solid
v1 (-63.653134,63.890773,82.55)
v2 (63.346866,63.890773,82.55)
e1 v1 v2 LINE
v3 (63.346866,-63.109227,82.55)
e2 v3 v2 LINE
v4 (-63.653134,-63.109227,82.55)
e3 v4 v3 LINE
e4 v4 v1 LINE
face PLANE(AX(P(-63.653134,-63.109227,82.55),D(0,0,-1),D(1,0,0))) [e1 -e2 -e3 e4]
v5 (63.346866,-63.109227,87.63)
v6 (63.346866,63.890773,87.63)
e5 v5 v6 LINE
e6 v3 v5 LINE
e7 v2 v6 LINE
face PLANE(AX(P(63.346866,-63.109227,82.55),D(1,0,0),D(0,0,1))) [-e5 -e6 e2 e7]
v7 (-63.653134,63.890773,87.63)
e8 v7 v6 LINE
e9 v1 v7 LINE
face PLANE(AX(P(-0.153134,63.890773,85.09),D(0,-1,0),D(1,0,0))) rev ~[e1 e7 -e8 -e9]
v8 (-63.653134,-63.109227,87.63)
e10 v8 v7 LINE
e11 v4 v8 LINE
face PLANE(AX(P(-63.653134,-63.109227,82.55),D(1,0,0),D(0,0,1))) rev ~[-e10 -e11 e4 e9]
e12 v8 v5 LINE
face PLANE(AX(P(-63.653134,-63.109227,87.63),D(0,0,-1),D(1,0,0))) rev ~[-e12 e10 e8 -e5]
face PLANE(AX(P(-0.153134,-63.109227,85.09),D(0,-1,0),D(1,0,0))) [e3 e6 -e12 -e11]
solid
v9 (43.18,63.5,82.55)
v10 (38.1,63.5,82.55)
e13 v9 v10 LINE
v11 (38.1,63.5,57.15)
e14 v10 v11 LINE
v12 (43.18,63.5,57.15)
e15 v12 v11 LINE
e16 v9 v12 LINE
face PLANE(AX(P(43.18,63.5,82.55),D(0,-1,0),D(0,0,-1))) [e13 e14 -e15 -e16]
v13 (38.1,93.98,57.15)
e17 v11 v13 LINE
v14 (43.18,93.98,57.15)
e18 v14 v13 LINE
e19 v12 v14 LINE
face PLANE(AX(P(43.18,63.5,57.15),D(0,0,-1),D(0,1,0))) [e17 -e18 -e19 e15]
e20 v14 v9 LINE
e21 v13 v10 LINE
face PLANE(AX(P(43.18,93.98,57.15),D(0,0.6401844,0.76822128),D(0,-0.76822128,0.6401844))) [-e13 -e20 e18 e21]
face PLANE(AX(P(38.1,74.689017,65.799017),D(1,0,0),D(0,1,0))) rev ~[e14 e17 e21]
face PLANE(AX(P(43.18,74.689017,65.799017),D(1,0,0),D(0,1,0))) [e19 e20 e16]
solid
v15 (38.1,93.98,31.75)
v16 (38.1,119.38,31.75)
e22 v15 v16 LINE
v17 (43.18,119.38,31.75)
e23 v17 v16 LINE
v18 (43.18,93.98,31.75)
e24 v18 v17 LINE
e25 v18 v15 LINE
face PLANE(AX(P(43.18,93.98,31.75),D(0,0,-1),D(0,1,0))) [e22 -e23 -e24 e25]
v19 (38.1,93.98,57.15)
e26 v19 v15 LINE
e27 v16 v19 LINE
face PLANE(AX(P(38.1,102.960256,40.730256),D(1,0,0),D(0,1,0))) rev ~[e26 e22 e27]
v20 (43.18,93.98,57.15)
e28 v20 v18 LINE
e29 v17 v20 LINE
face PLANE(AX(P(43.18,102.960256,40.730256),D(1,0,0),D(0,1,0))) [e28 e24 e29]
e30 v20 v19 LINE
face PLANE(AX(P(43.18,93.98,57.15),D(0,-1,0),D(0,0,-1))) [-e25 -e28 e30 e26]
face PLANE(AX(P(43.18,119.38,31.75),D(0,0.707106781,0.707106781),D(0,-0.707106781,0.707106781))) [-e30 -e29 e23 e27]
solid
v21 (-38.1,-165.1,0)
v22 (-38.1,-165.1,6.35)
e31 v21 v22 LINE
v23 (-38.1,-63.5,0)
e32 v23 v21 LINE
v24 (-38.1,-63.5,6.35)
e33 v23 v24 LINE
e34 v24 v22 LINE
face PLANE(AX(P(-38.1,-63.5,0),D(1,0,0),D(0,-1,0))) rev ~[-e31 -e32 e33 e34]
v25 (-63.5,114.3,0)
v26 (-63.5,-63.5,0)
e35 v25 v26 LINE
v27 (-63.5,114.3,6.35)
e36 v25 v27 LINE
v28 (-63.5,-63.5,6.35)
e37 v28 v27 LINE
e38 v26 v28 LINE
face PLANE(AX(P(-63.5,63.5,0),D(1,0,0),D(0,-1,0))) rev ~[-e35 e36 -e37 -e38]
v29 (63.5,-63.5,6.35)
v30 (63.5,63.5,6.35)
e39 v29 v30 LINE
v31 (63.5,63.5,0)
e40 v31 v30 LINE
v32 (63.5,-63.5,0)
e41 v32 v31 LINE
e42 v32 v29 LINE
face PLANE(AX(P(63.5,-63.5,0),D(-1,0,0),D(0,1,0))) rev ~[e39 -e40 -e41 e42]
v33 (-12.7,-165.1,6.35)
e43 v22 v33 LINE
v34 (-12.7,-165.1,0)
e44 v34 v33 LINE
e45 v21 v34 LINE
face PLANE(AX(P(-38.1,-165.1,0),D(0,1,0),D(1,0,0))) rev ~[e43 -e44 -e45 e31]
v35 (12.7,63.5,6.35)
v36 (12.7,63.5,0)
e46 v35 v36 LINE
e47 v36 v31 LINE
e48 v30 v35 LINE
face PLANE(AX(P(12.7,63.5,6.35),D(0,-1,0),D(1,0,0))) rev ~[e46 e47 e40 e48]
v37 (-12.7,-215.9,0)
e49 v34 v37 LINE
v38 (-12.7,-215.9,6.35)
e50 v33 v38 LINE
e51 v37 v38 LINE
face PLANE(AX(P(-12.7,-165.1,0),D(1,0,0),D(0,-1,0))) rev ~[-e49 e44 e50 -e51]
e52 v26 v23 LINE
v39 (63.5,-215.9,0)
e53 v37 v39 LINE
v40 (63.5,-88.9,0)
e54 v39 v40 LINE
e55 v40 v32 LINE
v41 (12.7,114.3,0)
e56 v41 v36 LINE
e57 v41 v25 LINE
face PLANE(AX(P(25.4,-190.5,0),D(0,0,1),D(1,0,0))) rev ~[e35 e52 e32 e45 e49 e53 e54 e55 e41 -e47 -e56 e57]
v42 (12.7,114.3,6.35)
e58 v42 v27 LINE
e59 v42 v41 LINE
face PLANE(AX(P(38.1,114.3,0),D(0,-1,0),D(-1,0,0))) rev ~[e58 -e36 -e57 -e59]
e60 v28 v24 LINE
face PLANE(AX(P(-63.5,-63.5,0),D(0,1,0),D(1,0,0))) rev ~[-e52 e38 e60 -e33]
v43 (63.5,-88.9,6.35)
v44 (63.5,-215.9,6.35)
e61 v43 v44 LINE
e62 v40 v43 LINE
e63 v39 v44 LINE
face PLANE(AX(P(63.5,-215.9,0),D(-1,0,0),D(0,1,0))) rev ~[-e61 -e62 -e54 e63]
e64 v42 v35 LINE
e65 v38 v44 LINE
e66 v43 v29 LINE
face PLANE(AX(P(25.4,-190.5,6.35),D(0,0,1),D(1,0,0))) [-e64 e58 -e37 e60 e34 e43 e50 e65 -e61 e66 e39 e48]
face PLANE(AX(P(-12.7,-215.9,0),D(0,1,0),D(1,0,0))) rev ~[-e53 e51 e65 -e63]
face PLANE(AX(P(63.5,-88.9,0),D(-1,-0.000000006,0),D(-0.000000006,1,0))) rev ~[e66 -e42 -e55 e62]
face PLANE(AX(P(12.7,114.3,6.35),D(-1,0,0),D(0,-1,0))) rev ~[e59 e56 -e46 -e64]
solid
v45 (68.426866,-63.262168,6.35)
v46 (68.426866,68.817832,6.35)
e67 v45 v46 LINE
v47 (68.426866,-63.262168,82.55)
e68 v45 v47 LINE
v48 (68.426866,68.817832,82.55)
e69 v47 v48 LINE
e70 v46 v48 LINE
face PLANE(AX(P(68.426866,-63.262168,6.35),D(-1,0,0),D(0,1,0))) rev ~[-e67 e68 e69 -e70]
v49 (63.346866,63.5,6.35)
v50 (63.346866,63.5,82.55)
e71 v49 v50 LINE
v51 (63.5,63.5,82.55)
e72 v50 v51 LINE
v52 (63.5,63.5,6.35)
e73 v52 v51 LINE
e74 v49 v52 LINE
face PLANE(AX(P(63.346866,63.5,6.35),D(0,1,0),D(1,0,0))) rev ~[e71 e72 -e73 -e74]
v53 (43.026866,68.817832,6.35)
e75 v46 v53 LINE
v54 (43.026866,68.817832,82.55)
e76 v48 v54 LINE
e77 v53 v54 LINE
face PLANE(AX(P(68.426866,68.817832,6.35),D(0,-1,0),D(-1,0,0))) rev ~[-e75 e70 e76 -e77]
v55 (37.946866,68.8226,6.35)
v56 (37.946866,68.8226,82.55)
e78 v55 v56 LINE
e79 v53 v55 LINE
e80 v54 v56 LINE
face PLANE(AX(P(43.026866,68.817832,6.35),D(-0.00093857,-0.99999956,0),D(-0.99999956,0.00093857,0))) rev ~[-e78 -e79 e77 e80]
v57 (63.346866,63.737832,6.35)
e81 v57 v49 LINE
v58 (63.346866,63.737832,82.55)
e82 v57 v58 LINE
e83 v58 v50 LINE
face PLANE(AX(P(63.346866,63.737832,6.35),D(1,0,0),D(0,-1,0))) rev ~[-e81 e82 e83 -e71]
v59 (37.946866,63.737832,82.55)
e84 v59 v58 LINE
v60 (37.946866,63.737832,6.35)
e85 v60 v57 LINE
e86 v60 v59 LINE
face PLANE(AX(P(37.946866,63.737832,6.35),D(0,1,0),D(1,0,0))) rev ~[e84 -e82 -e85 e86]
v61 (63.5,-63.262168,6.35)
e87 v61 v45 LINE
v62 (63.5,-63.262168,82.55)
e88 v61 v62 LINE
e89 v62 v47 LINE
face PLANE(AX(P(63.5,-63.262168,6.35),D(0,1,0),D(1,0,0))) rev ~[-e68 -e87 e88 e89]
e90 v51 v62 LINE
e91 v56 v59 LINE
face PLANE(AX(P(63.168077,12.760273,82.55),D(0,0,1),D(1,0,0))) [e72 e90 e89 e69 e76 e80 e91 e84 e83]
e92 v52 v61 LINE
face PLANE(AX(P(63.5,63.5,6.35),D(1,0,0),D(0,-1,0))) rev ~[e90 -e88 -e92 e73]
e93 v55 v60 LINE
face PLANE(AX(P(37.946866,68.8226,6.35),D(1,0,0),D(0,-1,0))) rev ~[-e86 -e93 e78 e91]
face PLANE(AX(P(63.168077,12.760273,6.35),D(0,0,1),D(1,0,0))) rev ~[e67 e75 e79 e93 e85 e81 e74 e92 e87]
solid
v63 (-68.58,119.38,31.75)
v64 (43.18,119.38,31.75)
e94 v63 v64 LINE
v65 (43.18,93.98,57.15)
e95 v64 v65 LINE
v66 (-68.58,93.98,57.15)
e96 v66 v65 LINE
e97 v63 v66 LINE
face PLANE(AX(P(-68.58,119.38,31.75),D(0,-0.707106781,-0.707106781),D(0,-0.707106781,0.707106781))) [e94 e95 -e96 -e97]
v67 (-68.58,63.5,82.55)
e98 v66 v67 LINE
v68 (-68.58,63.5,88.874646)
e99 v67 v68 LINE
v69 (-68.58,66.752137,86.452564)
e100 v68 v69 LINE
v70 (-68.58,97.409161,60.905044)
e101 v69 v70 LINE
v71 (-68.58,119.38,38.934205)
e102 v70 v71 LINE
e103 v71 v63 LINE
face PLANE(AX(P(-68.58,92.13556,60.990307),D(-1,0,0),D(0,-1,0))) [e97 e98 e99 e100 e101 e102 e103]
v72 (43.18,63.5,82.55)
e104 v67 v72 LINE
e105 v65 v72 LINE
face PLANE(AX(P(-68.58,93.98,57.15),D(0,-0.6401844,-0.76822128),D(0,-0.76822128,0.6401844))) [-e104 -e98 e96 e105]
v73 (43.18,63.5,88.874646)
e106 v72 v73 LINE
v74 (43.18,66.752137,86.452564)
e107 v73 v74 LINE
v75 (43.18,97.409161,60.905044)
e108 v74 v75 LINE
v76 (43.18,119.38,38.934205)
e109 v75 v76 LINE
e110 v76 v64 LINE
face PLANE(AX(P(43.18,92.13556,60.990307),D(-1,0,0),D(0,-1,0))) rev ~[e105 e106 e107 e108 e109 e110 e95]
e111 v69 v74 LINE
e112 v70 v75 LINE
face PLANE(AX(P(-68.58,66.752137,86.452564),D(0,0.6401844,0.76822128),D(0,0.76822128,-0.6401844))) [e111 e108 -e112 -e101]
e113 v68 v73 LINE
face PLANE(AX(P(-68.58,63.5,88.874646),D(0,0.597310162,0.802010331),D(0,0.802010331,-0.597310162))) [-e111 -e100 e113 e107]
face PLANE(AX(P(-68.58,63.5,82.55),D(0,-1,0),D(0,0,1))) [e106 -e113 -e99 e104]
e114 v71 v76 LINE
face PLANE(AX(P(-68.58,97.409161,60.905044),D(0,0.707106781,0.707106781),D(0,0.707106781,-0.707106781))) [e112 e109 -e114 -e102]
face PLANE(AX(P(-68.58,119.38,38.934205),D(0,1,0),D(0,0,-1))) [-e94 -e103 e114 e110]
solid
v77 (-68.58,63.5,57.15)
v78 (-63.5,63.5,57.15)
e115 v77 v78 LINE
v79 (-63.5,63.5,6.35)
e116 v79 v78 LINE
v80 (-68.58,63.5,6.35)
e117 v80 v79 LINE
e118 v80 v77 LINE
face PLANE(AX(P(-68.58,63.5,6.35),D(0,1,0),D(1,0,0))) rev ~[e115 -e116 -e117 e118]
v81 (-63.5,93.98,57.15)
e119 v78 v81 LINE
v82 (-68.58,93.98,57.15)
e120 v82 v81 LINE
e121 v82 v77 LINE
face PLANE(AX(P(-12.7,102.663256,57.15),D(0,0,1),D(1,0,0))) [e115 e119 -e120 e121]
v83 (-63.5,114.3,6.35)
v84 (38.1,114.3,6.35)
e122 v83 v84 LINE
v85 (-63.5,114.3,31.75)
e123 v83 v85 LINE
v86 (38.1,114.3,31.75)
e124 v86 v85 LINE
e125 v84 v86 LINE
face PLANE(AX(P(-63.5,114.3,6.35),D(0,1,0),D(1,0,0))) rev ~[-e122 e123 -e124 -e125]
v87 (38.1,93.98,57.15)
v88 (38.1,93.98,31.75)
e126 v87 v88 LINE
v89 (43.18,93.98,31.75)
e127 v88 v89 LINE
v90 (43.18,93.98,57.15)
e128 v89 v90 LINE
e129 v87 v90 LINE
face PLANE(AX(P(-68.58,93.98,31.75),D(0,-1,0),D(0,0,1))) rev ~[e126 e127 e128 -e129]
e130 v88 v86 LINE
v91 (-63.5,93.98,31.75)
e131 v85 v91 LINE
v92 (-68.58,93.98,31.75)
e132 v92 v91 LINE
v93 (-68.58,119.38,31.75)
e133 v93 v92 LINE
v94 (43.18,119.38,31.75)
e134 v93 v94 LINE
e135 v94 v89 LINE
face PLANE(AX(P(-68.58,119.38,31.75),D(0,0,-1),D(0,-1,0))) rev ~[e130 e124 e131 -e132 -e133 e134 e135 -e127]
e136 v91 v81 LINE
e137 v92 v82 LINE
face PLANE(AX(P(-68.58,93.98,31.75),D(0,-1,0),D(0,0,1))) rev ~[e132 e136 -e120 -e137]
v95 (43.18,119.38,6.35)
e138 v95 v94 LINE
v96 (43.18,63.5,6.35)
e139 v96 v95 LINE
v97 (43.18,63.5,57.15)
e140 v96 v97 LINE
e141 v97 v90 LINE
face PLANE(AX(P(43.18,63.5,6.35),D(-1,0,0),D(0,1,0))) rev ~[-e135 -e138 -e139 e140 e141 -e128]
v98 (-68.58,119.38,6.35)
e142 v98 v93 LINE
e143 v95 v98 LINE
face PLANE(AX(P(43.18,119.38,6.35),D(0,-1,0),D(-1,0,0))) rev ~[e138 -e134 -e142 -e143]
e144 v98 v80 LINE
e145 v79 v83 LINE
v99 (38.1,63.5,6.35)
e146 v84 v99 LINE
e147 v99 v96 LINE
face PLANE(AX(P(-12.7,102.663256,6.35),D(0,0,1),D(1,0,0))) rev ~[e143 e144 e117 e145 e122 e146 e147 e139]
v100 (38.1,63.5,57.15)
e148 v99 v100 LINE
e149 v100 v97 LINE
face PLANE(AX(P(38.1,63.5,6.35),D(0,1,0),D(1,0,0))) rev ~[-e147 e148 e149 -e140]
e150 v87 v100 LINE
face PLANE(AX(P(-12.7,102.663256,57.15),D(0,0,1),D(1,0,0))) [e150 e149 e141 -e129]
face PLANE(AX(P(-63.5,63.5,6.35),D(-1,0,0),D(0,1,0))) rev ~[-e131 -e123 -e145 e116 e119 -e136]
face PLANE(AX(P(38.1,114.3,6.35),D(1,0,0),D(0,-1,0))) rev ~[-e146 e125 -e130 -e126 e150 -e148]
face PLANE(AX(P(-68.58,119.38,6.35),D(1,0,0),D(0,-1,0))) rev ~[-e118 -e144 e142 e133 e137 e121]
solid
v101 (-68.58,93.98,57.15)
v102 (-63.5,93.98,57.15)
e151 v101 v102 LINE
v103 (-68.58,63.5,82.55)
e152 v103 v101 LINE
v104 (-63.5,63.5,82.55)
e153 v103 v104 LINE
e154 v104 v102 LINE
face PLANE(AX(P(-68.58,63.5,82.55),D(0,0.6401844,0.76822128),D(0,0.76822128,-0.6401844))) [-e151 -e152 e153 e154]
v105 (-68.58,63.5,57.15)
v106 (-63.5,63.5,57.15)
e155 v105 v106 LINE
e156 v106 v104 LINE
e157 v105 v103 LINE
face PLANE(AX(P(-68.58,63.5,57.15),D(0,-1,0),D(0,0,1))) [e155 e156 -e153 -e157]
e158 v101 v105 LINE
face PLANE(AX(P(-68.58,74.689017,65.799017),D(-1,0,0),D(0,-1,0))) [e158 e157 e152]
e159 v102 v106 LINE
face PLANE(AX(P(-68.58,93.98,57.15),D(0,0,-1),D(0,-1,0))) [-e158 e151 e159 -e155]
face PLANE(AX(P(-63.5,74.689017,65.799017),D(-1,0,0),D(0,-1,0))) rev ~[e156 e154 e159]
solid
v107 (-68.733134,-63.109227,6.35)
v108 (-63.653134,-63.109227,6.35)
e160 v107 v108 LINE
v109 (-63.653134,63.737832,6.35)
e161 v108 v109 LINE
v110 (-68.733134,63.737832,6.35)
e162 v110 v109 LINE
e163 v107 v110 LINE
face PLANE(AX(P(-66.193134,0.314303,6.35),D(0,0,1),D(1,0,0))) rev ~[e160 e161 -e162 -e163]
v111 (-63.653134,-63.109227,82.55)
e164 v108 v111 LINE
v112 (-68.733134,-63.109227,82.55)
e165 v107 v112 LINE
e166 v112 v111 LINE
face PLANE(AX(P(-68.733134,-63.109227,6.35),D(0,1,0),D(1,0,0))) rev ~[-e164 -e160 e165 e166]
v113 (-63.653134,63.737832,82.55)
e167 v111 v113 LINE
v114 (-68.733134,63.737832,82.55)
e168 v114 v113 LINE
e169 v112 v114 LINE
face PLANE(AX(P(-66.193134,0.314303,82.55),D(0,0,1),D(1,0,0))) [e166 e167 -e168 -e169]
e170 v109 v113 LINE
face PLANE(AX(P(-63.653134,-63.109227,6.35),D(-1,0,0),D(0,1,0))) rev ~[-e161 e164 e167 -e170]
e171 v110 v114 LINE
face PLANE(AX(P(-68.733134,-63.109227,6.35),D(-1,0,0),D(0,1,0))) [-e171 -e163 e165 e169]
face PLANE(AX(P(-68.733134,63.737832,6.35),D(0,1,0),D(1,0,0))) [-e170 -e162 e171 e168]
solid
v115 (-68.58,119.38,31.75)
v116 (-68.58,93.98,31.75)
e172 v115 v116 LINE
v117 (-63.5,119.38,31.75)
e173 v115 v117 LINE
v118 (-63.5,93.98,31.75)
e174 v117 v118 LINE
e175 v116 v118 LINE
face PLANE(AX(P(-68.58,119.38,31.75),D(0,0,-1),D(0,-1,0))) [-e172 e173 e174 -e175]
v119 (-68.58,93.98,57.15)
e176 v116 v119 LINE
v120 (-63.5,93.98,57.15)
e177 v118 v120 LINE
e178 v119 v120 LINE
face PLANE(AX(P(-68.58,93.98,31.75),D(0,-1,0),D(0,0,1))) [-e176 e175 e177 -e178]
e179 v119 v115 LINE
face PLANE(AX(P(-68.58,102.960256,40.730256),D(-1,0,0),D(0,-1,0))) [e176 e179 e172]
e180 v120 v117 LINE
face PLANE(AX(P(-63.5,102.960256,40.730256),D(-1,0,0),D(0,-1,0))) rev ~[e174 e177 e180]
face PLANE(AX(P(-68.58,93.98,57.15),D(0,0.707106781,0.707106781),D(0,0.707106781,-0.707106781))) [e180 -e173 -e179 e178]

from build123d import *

# Parameters (mm, degrees)
F1_DEPTH  = 6.35
F2_DEPTH  = 6.35
F3_DEPTH  = 6.35
F4_DEPTH  = 6.35
F6_DEPTH  = 50.8
F5_W      = 25.4
F5_H      = 25.4
F7_DEPTH  = 25.4
F9_DEPTH  = 76.2
F8_W      = 5.08
F8_H      = 126.8470585346
F10_W     = 25.4
F10_H     = 25.4
F11_DEPTH = 114.3
F13_DEPTH = 5.08
F14_DEPTH = 111.76
F16_DEPTH = 5.08
F17_W     = 127
F17_H     = 5.08
F18_DEPTH = 127


with BuildPart() as f1:
    # F0 (on Top) → F1 (new body)
    with BuildSketch(Plane.XY):
        Polygon((-63.5, 114.3), (-63.5, 63.5), (38.1000001535, 63.5), (38.1000001535, 88.9), (38.1000001535, 114.3), (-38.1, 114.3), align=None)
    extrude(amount=F1_DEPTH)

    # F0 (on Top) → F2 (join)
    with BuildSketch(Plane.XY):
        Polygon((38.1000001535, 63.5), (-63.5, 63.5), (-63.5, -63.5), (-38.0999998465, -63.5), (-12.6999998465, -63.5), (12.7000001535, -63.5), (63.5, -63.5), (63.5, 63.5), align=None)
    extrude(amount=F2_DEPTH)

    # F0 (on Top) → F3 (join)
    with BuildSketch(Plane.XY):
        Polygon((-12.6999998465, -63.5), (-38.0999998465, -63.5), (-38.0999998465, -88.9), (-38.0999998465, -114.3), (-38.0999998465, -165.1), (-12.6999998465, -165.1), (63.5000001535, -165.1), (63.5000001535, -88.9), (63.5, -63.5), (12.7000001535, -63.5), align=None)
    extrude(amount=F3_DEPTH)

    # F0 (on Top) → F4 (join)
    with BuildSketch(Plane.XY):
        Polygon((63.5000001535, -215.9), (63.5000001535, -165.1), (-12.6999998465, -165.1), (-12.6999998465, -190.5), (-12.6999998465, -215.9), align=None)
    extrude(amount=F4_DEPTH)

    # F5 (on face) → F7 (cut)
    with BuildSketch(Plane.XY.offset(6.35)):
        with Locations((25.4000001535, 101.6)):
            Rectangle(F5_W, F5_H)
        with Locations((25.4000001535, 76.2)):
            Rectangle(F5_W, F5_H)
    extrude(amount=-F7_DEPTH, mode=Mode.SUBTRACT)


with BuildPart() as f6:
    # F5 (on face) → F6 (new body)
    with BuildSketch(Plane.XY.offset(6.35)):
        Polygon((-63.5, 63.5), (-63.5, 114.3), (12.7000001535, 114.3), (38.1000001535, 114.3), (38.1000001535, 88.9), (38.1000001535, 63.5), (43.1800001535, 63.5), (43.1800001535, 119.38), (-68.58, 119.38), (-68.58, 63.5), align=None)
    extrude(amount=F6_DEPTH)

    # F10 (on face) → F11 (cut)
    with BuildSketch(Plane(origin=(-68.58, 0, 0), x_dir=(0, -1, 0), z_dir=(-1, 0, 0))):
        with Locations((-106.68, 44.45)):
            Rectangle(F10_W, F10_H)
    extrude(amount=-F11_DEPTH, mode=Mode.SUBTRACT)


with BuildPart() as f9:
    # F8 (on face) → F9 (new body)
    with BuildSketch(Plane.XY.offset(6.35)):
        Polygon((37.9468661904, 68.8225999475), (37.9468661904, 63.7378320098), (63.3468661904, 63.7378320098), (63.3468661904, 63.5), (63.5, 63.5), (63.5, -63.2621679902), (68.4268661904, -63.2621679902), (68.4268661904, 68.8178320098), (43.0268661904, 68.8178320098), align=None)
    extrude(amount=F9_DEPTH)


with BuildPart() as f9b:
    # F8 (on face) → F9, piece 2 (new body)
    with BuildSketch(Plane.XY.offset(6.35)):
        with Locations((-66.1931338096, 0.3143027425)):
            Rectangle(F8_W, F8_H)
    extrude(amount=F9_DEPTH)


with BuildPart() as f13:
    # F12 (on face) → F13 (new body)
    with BuildSketch(Plane(origin=(-68.58, 0, 0), x_dir=(0, -1, 0), z_dir=(-1, 0, 0))):
        Polygon((-93.98, 31.75), (-93.98, 57.15), (-119.38, 31.75), align=None)
    extrude(amount=-F13_DEPTH)


with BuildPart() as f13b:
    # F12 (on face) → F13, piece 2 (new body)
    with BuildSketch(Plane(origin=(-68.58, 0, 0), x_dir=(0, -1, 0), z_dir=(-1, 0, 0))):
        Polygon((-63.5, 82.55), (-93.98, 57.15), (-63.5, 57.15), align=None)
    extrude(amount=-F13_DEPTH)


with BuildPart() as f14:
    # F12 (on face) → F14 (new body)
    with BuildSketch(Plane(origin=(-68.58, 0, 0), x_dir=(0, -1, 0), z_dir=(-1, 0, 0))):
        Polygon((-119.38, 31.75), (-93.98, 57.15), (-63.5, 82.55), (-63.5, 88.8746455312), (-66.7521367503, 86.4525641004), (-97.4091610275, 60.9050438693), (-119.38, 38.9342048969), align=None)
    extrude(amount=-F14_DEPTH)


with BuildPart() as f16:
    # F15 (on face) → F16 (new body)
    with BuildSketch(Plane.YZ.offset(43.1800001535)):
        Polygon((63.5, 57.15), (93.98, 57.15), (63.5, 82.55), align=None)
    extrude(amount=-F16_DEPTH)


with BuildPart() as f16b:
    # F15 (on face) → F16, piece 2 (new body)
    with BuildSketch(Plane.YZ.offset(43.1800001535)):
        Polygon((119.38, 31.75), (93.98, 57.15), (93.98, 31.75), align=None)
    extrude(amount=-F16_DEPTH)


with BuildPart() as f18:
    # F17 (on face) → F18 (new body)
    with BuildSketch(Plane.XZ.offset(63.1092265248)):
        with Locations((-0.1531338096, 85.09)):
            Rectangle(F17_W, F17_H)
    extrude(amount=-F18_DEPTH)


solid = Compound([f1.part, f6.part, f9.part, f9b.part, f13.part, f13b.part, f14.part, f16.part, f16b.part, f18.part])
